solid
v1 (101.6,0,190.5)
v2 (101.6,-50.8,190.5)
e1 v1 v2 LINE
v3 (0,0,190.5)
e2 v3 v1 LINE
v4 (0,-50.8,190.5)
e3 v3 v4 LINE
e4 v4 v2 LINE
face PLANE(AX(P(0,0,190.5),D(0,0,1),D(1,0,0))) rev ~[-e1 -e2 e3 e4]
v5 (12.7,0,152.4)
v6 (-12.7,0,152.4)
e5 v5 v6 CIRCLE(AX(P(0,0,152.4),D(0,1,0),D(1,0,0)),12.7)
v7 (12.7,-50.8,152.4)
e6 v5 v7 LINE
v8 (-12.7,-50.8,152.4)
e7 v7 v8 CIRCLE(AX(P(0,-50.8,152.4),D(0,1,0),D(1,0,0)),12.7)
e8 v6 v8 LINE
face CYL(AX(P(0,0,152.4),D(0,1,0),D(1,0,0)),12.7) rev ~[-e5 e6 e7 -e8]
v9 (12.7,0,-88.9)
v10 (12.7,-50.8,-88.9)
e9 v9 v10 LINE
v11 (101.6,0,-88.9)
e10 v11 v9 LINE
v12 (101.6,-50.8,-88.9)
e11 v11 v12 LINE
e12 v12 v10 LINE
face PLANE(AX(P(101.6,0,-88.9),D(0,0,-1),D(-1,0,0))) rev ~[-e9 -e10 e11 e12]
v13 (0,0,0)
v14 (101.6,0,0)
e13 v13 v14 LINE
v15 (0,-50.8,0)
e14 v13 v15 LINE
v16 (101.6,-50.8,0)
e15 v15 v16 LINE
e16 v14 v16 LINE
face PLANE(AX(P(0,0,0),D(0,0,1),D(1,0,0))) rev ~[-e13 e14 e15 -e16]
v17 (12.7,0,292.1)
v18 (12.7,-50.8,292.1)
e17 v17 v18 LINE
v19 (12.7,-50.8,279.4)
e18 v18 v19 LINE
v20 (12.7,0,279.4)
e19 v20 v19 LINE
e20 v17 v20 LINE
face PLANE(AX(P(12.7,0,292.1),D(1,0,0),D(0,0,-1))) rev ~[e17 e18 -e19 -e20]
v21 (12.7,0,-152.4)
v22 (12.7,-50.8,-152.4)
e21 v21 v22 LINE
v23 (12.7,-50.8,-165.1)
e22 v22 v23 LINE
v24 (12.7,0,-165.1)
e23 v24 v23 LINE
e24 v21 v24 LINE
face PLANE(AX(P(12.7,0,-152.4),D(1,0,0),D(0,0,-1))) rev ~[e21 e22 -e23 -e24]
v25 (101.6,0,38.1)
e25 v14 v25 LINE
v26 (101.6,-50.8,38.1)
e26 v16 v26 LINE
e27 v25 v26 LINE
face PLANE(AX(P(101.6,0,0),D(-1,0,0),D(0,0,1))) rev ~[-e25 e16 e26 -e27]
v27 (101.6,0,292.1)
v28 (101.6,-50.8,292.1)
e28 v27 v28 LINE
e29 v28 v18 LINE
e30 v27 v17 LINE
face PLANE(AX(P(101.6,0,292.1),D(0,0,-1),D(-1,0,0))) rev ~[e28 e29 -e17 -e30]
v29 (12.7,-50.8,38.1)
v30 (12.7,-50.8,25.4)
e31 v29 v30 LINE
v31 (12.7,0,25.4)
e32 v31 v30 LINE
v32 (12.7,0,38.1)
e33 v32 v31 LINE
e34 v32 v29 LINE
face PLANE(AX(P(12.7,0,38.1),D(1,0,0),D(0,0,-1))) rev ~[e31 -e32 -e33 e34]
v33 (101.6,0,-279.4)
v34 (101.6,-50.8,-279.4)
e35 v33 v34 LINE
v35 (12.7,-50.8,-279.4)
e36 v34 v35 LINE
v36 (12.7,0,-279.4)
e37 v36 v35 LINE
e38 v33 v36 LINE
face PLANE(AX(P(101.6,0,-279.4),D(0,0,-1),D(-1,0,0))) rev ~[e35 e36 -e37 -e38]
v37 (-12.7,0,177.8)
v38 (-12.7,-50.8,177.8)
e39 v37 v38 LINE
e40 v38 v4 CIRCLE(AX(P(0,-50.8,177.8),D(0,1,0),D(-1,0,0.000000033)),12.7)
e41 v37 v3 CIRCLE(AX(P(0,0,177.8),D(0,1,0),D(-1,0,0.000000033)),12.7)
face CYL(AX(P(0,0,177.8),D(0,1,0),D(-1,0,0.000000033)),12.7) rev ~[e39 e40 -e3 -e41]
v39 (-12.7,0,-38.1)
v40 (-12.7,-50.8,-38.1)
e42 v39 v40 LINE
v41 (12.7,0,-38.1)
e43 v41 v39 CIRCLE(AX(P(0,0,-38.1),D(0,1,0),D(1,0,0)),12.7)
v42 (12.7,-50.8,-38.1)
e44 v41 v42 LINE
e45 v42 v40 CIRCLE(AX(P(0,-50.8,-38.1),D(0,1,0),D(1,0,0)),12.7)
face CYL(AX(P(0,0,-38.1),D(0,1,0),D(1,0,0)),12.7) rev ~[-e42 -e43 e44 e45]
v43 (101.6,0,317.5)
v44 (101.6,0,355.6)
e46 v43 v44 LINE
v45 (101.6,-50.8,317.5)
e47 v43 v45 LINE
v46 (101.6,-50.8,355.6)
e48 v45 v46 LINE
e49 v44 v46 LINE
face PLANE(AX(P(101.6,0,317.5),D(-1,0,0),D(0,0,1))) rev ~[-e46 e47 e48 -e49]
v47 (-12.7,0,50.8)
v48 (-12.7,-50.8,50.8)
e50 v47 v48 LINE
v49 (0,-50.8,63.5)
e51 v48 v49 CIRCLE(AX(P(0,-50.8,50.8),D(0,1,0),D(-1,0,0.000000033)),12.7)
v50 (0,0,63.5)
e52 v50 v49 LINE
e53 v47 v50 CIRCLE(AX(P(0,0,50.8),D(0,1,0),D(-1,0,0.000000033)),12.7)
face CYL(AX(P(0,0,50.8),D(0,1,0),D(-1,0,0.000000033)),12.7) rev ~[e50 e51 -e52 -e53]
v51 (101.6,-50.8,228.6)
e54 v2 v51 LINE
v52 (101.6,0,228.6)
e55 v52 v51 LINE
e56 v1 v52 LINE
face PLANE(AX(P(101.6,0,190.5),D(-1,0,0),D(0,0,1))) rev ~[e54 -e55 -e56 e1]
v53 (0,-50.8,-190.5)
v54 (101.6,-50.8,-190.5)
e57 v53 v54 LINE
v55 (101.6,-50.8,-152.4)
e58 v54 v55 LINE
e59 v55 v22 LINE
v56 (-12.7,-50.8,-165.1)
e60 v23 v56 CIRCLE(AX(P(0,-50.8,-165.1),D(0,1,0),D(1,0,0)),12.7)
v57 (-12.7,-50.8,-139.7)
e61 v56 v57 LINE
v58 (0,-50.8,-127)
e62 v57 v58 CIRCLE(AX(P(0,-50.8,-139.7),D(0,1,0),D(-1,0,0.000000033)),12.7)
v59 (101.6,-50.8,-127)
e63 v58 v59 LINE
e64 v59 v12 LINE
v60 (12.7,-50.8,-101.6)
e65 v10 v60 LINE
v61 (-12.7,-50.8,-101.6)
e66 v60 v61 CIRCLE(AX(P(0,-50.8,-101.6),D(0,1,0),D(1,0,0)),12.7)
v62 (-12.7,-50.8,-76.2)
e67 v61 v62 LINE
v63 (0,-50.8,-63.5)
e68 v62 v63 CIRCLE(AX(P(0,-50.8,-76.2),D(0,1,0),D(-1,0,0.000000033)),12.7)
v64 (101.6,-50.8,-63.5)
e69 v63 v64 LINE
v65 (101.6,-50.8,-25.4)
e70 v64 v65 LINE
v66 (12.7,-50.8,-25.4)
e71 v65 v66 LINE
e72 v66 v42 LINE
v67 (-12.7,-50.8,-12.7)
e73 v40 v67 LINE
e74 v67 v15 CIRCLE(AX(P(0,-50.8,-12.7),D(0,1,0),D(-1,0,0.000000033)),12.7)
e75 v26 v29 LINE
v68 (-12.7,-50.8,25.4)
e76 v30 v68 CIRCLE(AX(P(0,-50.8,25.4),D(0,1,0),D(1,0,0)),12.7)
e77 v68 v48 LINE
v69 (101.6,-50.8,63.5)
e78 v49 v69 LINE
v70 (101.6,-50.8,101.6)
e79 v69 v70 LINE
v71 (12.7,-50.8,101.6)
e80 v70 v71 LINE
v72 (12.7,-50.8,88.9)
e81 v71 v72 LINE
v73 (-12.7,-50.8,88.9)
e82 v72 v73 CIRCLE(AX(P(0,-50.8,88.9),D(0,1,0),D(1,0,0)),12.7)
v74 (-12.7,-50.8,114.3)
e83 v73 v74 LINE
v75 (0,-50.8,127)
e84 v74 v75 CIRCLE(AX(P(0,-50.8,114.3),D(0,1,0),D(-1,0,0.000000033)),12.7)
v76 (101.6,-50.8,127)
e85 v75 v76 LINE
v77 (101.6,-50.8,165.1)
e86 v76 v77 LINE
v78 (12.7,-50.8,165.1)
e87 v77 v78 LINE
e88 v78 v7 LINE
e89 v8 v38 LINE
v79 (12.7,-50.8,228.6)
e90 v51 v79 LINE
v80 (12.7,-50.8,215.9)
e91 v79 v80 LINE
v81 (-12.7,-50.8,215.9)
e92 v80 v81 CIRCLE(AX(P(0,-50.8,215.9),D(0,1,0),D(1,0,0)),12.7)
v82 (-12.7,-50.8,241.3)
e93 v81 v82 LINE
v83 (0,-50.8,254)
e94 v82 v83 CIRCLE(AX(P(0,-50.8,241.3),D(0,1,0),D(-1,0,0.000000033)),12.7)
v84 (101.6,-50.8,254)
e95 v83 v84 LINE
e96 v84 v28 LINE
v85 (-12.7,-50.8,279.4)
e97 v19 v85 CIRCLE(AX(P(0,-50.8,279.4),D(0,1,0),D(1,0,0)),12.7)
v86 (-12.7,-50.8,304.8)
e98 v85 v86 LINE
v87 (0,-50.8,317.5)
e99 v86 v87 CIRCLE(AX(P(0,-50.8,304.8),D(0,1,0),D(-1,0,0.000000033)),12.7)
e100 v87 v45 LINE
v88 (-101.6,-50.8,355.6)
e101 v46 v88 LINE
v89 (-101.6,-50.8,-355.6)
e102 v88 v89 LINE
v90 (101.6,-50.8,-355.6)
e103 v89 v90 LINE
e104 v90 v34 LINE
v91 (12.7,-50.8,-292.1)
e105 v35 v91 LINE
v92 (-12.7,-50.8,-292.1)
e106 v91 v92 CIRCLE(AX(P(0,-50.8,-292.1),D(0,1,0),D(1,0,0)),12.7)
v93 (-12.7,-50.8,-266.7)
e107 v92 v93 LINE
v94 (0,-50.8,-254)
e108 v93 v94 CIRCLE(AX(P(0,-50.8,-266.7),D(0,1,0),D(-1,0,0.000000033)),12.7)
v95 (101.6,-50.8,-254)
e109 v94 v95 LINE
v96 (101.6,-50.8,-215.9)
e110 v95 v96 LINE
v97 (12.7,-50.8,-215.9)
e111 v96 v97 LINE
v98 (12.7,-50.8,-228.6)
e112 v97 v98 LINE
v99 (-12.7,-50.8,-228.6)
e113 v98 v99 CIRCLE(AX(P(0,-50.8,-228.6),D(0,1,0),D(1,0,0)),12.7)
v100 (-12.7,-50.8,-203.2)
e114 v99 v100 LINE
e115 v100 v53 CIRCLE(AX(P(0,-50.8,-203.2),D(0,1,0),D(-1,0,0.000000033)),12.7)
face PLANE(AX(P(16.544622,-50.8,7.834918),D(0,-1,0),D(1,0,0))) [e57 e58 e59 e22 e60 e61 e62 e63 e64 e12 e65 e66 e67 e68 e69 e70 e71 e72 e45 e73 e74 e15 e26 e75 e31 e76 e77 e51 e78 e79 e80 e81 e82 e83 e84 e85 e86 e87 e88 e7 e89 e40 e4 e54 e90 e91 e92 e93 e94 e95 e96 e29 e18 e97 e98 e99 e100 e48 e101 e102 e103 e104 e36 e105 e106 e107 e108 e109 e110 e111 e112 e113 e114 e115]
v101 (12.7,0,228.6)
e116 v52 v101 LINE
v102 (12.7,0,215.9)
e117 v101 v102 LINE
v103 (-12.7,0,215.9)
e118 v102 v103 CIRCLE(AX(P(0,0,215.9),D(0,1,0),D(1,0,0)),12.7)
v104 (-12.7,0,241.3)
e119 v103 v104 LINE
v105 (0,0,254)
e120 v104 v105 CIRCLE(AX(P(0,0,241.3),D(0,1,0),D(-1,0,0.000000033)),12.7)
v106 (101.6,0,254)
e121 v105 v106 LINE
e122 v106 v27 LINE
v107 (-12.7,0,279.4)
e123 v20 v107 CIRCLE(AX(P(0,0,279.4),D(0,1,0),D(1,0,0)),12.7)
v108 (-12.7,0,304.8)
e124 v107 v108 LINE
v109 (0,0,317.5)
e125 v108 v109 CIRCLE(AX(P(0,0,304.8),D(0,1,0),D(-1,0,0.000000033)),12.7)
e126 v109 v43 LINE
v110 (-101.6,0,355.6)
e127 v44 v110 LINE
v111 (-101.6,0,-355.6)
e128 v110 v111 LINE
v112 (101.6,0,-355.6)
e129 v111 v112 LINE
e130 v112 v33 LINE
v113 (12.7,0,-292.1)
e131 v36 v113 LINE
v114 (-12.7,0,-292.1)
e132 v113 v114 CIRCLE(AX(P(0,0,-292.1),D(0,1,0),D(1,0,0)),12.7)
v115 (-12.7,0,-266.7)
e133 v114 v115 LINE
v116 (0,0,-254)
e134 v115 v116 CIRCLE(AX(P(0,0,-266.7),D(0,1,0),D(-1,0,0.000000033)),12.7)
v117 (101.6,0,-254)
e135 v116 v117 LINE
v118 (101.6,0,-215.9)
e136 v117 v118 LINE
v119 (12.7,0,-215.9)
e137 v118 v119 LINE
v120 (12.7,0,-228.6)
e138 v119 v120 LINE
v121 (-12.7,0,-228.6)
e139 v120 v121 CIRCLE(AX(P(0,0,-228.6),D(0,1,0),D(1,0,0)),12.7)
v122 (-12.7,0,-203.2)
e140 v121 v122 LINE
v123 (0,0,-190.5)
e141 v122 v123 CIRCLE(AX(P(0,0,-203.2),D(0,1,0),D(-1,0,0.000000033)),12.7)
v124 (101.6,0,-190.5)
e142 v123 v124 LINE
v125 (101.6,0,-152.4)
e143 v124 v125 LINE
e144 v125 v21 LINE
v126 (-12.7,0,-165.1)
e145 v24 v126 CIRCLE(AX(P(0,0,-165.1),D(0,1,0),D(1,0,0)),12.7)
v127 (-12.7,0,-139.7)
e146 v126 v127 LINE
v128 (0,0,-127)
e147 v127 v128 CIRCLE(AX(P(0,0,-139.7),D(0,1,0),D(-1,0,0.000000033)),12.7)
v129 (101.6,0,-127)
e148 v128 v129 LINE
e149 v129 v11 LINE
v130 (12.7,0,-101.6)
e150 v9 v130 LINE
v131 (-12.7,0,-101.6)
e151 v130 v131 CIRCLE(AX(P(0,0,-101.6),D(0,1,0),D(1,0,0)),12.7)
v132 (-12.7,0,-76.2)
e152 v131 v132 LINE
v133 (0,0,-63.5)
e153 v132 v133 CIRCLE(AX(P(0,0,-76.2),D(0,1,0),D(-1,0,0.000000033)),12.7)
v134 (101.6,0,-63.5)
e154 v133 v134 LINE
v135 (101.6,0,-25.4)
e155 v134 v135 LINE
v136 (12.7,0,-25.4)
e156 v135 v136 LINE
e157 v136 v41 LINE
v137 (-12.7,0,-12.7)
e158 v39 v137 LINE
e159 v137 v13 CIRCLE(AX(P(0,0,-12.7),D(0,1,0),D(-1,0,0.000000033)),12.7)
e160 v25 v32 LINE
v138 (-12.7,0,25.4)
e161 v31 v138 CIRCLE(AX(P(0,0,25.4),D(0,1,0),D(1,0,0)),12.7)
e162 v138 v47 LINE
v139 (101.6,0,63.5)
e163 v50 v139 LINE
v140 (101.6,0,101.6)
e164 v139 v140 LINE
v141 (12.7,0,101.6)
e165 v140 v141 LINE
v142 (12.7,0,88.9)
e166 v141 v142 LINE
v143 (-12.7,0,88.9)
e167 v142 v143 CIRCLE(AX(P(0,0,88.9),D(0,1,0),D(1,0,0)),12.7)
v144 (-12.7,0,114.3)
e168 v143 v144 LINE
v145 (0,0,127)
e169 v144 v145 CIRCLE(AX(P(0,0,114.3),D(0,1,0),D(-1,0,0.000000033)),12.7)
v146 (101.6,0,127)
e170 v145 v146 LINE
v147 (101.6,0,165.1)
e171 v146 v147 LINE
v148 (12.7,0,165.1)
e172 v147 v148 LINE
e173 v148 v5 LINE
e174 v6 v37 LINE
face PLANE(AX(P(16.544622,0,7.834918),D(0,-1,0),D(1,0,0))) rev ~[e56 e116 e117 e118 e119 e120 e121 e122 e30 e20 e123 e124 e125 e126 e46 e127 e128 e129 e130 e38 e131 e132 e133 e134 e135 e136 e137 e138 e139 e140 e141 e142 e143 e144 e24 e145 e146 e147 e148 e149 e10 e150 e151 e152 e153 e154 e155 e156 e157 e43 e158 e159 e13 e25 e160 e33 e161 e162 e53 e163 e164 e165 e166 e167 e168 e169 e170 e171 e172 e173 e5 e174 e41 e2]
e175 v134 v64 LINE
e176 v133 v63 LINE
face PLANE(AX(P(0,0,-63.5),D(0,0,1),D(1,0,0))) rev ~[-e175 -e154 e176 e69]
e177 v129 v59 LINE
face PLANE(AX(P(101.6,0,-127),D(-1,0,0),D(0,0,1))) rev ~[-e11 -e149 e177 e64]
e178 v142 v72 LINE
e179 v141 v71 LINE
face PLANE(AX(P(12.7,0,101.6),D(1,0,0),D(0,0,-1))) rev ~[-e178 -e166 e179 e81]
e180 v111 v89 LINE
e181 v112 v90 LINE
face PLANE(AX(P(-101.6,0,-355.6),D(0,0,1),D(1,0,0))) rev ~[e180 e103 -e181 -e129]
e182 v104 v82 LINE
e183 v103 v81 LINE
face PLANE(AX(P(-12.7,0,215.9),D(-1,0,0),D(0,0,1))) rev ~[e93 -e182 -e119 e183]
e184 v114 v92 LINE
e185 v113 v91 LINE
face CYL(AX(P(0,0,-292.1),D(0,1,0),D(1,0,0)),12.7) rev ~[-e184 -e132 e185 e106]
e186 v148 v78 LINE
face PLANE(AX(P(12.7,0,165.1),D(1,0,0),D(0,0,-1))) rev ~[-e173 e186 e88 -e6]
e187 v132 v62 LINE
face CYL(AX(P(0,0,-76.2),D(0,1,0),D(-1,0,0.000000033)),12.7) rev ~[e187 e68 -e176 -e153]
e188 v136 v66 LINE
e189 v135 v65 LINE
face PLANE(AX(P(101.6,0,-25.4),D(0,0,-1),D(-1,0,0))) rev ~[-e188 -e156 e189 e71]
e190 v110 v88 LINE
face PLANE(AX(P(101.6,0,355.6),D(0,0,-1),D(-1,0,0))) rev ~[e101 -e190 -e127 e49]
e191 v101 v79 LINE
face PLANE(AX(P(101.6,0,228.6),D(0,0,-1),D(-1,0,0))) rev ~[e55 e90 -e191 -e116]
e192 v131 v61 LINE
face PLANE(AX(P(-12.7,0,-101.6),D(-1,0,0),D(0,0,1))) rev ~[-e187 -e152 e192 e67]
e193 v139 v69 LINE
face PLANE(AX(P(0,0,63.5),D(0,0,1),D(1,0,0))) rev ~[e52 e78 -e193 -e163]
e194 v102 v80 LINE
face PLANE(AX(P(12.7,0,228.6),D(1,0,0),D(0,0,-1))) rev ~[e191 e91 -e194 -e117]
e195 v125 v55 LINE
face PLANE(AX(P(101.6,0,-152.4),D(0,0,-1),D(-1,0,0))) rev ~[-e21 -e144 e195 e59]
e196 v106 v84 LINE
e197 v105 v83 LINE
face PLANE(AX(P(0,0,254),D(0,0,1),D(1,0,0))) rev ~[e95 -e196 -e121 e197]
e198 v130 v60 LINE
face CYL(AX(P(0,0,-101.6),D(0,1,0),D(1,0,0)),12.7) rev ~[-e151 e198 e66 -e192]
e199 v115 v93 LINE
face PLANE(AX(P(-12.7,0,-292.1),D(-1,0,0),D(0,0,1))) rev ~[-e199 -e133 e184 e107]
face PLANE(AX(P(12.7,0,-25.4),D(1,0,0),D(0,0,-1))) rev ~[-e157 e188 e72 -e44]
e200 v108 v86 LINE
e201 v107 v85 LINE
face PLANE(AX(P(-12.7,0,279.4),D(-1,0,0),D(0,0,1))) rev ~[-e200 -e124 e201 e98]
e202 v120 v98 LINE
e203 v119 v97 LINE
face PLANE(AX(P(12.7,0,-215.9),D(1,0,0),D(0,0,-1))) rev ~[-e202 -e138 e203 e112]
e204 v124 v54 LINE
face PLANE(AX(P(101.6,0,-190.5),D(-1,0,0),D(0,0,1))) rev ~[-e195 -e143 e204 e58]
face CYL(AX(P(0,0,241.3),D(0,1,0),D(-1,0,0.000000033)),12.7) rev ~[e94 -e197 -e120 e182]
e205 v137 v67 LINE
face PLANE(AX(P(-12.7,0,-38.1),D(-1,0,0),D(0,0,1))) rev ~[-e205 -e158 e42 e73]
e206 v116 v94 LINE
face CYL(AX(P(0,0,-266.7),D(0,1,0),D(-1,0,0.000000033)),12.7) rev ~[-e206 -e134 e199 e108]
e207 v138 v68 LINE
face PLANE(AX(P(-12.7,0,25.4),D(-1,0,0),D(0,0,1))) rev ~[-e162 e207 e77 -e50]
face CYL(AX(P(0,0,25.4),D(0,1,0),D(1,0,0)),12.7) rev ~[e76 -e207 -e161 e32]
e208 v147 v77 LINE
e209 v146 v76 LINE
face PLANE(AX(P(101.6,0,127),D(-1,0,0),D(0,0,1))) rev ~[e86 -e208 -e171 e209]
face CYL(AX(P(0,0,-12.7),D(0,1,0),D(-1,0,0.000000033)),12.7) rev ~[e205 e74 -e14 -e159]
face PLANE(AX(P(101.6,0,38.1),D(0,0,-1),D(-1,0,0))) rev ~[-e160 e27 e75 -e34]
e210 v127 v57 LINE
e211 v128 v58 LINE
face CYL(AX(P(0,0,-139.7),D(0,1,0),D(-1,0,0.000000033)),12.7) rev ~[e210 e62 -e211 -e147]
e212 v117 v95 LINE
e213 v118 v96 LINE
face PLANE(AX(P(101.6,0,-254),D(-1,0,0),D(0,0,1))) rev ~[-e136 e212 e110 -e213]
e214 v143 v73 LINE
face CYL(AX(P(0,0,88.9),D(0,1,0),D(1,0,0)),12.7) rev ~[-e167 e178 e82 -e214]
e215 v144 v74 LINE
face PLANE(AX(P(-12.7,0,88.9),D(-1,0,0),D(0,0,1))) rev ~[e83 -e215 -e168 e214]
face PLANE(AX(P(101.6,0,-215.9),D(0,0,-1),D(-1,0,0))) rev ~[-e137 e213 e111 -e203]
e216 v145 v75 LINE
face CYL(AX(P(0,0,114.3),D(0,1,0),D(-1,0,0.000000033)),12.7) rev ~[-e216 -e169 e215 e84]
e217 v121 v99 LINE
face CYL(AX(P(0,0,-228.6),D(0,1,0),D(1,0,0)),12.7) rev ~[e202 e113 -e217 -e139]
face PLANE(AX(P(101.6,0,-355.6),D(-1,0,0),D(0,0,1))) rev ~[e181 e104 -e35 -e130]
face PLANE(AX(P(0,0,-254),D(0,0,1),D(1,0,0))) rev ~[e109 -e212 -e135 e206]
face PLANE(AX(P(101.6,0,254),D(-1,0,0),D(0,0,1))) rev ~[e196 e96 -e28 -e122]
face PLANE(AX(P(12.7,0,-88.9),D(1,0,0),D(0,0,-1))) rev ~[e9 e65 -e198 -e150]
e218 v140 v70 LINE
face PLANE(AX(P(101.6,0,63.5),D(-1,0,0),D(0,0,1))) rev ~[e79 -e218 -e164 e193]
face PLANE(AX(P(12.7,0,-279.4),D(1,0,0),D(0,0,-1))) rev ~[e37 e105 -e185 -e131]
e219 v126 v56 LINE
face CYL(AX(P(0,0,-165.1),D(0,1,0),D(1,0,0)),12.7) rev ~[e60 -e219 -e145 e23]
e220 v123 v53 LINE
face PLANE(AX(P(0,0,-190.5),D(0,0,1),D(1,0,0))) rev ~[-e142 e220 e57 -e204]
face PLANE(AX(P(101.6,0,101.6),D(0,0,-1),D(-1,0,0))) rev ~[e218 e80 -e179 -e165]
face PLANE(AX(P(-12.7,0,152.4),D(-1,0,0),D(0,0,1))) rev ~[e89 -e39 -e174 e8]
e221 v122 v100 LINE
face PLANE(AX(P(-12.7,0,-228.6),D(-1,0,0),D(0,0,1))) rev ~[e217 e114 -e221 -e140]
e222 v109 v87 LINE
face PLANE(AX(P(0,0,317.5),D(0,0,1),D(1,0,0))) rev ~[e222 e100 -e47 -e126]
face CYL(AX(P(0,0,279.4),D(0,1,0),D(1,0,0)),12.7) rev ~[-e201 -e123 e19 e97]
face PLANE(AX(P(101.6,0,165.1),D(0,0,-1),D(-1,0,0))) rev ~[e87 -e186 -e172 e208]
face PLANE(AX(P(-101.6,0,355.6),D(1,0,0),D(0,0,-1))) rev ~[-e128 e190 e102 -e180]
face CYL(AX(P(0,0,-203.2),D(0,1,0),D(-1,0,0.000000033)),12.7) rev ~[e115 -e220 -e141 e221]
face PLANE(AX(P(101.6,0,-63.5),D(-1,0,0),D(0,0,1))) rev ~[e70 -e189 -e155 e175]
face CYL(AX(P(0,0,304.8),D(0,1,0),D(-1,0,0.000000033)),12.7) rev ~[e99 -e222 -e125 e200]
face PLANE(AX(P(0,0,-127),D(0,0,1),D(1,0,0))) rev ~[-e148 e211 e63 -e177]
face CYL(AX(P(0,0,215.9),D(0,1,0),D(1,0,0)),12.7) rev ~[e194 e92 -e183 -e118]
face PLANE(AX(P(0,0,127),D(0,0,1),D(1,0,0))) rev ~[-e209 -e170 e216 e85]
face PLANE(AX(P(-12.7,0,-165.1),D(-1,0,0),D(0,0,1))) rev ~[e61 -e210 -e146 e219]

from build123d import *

# Parameters (mm, degrees)
F1_DEPTH = 50.8


with BuildPart() as f1:
    # F0 (on Front) → F1 (new body)
    with BuildSketch(Plane.XZ):
        with BuildLine():
            Line((101.6, 317.5), (101.6, 355.6))
            Line((101.6, 355.6), (-101.6, 355.6))
            Line((-101.6, 355.6), (-101.6, -355.6))
            Line((-101.6, -355.6), (101.6, -355.6))
            Line((101.6, -355.6), (101.6, -279.4))
            Line((101.6, -279.4), (12.7, -279.4))
            Line((12.7, -279.4), (12.7, -292.1))
            ThreePointArc((12.7, -292.1), (0, -304.8), (-12.7, -292.1))
            Line((-12.7, -292.1), (-12.7, -266.7))
            ThreePointArc((-12.7, -266.7), (-8.980256, -257.719744), (0, -254))
            Line((0, -254), (101.6, -254))
            Line((101.6, -254), (101.6, -215.9))
            Line((101.6, -215.9), (12.7, -215.9))
            Line((12.7, -215.9), (12.7, -228.6))
            ThreePointArc((12.7, -228.6), (0, -241.3), (-12.7, -228.6))
            Line((-12.7, -228.6), (-12.7, -203.2))
            ThreePointArc((-12.7, -203.2), (-8.980256, -194.219744), (0, -190.5))
            Line((0, -190.5), (101.6, -190.5))
            Line((101.6, -190.5), (101.6, -152.4))
            Line((101.6, -152.4), (12.7, -152.4))
            Line((12.7, -152.4), (12.7, -165.1))
            ThreePointArc((12.7, -165.1), (0, -177.8), (-12.7, -165.1))
            Line((-12.7, -165.1), (-12.7, -139.7))
            ThreePointArc((-12.7, -139.7), (-8.980256, -130.719744), (0, -127))
            Line((0, -127), (101.6, -127))
            Line((101.6, -127), (101.6, -88.9))
            Line((101.6, -88.9), (12.7, -88.9))
            Line((12.7, -88.9), (12.7, -101.6))
            ThreePointArc((12.7, -101.6), (0, -114.3), (-12.7, -101.6))
            Line((-12.7, -101.6), (-12.7, -76.2))
            ThreePointArc((-12.7, -76.2), (-8.980256, -67.219744), (0, -63.5))
            Line((0, -63.5), (101.6, -63.5))
            Line((101.6, -63.5), (101.6, -25.4))
            Line((101.6, -25.4), (12.7, -25.4))
            Line((12.7, -25.4), (12.7, -38.1))
            ThreePointArc((12.7, -38.1), (0, -50.8), (-12.7, -38.1))
            Line((-12.7, -38.1), (-12.7, -12.7))
            ThreePointArc((-12.7, -12.7), (-8.980256, -3.719744), (0, 0))
            Line((0, 0), (101.6, 0))
            Line((101.6, 0), (101.6, 38.1))
            Line((101.6, 38.1), (12.7, 38.1))
            Line((12.7, 38.1), (12.7, 25.4))
            ThreePointArc((12.7, 25.4), (0, 12.7), (-12.7, 25.4))
            Line((-12.7, 25.4), (-12.7, 50.8))
            ThreePointArc((-12.7, 50.8), (-8.980256, 59.780256), (0, 63.5))
            Line((0, 63.5), (101.6, 63.5))
            Line((101.6, 63.5), (101.6, 101.6))
            Line((101.6, 101.6), (12.7, 101.6))
            Line((12.7, 101.6), (12.7, 88.9))
            ThreePointArc((12.7, 88.9), (0, 76.2), (-12.7, 88.9))
            Line((-12.7, 88.9), (-12.7, 114.3))
            ThreePointArc((-12.7, 114.3), (-8.980256, 123.280256), (0, 127))
            Line((0, 127), (101.6, 127))
            Line((101.6, 127), (101.6, 165.1))
            Line((101.6, 165.1), (12.7, 165.1))
            Line((12.7, 165.1), (12.7, 152.4))
            ThreePointArc((12.7, 152.4), (0, 139.7), (-12.7, 152.4))
            Line((-12.7, 152.4), (-12.7, 177.8))
            ThreePointArc((-12.7, 177.8), (-8.980256, 186.780256), (0, 190.5))
            Line((0, 190.5), (101.6, 190.5))
            Line((101.6, 190.5), (101.6, 228.6))
            Line((101.6, 228.6), (12.7, 228.6))
            Line((12.7, 228.6), (12.7, 215.9))
            ThreePointArc((12.7, 215.9), (0, 203.2), (-12.7, 215.9))
            Line((-12.7, 215.9), (-12.7, 241.3))
            ThreePointArc((-12.7, 241.3), (-8.980256, 250.280256), (0, 254))
            Line((0, 254), (101.6, 254))
            Line((101.6, 254), (101.6, 292.1))
            Line((101.6, 292.1), (12.7, 292.1))
            Line((12.7, 292.1), (12.7, 279.4))
            ThreePointArc((12.7, 279.4), (0, 266.7), (-12.7, 279.4))
            Line((-12.7, 279.4), (-12.7, 304.8))
            ThreePointArc((-12.7, 304.8), (-8.980256, 313.780256), (0, 317.5))
            Line((0, 317.5), (101.6, 317.5))
        make_face()
    extrude(amount=F1_DEPTH)


solid = f1.part
